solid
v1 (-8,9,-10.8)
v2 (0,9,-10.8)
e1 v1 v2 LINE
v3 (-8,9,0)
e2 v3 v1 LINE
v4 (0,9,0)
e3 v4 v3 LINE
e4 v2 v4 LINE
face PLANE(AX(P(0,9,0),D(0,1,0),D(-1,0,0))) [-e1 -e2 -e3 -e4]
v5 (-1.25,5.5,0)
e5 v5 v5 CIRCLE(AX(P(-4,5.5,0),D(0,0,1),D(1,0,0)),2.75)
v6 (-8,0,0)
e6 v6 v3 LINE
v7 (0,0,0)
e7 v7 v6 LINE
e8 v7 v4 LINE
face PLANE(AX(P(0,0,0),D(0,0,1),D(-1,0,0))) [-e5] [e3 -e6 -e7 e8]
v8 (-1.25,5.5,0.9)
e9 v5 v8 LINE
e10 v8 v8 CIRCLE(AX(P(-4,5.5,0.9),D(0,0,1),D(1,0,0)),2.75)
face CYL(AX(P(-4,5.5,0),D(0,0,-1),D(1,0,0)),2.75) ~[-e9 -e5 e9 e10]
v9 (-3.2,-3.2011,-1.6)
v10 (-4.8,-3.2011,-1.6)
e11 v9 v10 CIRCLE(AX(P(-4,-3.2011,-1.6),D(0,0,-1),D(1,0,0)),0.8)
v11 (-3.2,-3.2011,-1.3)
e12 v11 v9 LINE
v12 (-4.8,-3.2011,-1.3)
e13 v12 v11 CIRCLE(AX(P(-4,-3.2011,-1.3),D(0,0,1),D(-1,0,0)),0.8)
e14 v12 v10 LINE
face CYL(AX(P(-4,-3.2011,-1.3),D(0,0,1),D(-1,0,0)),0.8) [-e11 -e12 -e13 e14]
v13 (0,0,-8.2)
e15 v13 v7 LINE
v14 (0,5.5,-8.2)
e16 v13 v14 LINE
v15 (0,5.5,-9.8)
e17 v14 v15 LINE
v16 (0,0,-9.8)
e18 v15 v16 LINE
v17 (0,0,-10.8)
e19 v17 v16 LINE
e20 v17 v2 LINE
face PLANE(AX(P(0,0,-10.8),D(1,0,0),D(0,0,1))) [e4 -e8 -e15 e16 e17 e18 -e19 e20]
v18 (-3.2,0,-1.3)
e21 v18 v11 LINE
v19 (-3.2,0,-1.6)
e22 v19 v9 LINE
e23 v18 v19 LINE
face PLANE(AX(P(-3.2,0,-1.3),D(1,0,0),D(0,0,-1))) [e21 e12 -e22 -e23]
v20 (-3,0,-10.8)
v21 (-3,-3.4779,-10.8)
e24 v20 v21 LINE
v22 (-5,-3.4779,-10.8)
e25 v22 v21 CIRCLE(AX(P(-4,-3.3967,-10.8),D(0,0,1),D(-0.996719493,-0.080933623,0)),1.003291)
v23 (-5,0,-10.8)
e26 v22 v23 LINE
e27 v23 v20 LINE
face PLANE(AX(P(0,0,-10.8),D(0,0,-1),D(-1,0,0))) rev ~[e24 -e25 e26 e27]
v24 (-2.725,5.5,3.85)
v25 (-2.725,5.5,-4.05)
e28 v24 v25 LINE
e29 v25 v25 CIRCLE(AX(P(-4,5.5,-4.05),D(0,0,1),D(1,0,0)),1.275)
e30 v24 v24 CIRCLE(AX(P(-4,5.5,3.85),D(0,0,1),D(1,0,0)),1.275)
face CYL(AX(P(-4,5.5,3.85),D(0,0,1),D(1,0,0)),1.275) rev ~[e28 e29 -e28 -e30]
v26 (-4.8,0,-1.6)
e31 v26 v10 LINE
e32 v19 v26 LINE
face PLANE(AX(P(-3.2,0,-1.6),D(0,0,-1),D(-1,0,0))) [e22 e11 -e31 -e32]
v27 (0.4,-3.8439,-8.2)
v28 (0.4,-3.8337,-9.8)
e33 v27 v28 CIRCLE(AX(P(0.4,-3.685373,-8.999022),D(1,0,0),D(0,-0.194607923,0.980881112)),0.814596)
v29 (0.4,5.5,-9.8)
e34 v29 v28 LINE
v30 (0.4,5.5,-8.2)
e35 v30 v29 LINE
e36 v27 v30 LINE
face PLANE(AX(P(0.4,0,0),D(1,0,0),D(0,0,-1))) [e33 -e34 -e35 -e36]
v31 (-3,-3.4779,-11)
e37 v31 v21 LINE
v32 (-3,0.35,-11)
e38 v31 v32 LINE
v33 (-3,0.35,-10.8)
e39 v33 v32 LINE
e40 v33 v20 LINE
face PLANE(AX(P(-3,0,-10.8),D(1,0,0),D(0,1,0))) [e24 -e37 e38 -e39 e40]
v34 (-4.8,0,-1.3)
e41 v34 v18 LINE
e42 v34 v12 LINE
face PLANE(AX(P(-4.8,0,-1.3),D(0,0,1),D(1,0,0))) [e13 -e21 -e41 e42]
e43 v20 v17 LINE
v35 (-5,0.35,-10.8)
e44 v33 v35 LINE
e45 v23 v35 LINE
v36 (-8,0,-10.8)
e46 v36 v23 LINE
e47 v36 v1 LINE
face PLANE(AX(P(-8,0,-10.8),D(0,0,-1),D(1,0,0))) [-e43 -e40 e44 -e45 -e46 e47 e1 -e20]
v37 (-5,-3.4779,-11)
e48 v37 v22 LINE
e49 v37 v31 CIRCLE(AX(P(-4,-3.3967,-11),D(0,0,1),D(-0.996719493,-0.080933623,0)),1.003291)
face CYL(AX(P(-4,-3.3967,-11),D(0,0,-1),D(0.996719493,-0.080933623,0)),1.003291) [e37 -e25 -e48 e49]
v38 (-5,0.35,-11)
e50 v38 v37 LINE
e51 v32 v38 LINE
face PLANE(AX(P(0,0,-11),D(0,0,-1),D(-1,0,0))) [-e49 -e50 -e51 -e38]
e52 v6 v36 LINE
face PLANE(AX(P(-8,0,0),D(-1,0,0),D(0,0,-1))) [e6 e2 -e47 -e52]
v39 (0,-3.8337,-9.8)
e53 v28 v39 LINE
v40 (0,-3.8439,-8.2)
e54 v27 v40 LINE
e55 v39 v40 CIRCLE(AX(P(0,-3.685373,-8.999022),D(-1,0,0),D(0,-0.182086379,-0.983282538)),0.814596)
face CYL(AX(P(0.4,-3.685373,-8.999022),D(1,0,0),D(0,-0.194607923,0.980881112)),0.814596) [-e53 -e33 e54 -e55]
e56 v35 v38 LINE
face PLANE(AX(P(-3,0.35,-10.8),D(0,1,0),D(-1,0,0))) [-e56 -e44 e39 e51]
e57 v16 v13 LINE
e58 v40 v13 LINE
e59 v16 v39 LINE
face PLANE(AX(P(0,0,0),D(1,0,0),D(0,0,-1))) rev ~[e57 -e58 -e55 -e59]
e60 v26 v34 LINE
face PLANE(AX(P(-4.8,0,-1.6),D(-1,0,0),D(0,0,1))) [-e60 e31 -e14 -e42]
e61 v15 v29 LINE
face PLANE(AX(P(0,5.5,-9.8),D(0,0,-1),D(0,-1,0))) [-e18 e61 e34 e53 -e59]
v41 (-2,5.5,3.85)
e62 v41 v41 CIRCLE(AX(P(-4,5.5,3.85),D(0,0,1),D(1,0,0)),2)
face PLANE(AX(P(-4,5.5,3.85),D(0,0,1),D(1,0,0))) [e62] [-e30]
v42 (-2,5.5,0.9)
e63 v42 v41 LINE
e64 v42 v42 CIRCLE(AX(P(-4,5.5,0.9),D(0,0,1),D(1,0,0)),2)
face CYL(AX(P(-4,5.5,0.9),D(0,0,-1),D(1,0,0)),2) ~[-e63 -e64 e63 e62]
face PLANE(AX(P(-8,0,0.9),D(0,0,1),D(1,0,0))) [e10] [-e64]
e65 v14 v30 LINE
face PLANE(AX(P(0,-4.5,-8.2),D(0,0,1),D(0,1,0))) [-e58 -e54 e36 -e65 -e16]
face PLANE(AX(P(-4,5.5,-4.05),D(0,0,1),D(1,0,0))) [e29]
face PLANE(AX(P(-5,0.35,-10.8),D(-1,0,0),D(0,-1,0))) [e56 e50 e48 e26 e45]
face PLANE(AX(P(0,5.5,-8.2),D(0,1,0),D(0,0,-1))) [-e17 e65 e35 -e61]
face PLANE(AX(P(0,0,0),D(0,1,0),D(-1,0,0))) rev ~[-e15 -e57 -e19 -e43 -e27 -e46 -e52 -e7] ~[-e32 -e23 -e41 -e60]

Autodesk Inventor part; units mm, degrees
ref_plane "YZ Plane" through (0, 0, 0) normal (1, 0, 0) x (0, 1, 0)
ref_plane "XZ Plane" through (0, 0, 0) normal (0, 1, 0) x (-1, 0, 0)
ref_plane "XY Plane" through (0, 0, 0) normal (0, 0, 1) x (1, 0, 0)
sketch "Эскиз1" plane through (0, 0, 0) normal (0, 1, 0) x (-1, 0, 0)
  line L0 (0, 0) -> (8, 0)
  line L1 (8, 0) -> (8, -10.8)
  line L2 (8, -10.8) -> (0, -10.8)
  line L3 (0, -10.8) -> (0, 0)
  dimension "d0" = 10.8
  dimension "d1" = 8
extrude "Выдавливание1" add sketch "Эскиз1" along normal blind 9
sketch "Эскиз2" plane through (-8, 0, 0) normal (0, 0, 1) x (1, 0, 0)
  circle A0 centre (4, 5.5) radius 2.75
  line L0 (8, 0) -> (8, 9) projected
  line L1 (0, 0) -> (8, 0) projected
  dimension "d4" = 5.5
  dimension "d5" = 4
  dimension "d6" = 5.5
extrude "Выдавливание2" add sketch "Эскиз2" along normal blind 0.9
sketch "Эскиз3" plane through (-4, 5.5, 0.9) normal (0, 0, 1) x (1, 0, 0)
  circle A0 centre (0, 0) radius 2
  point P0 (4, -5.5)
  dimension "d9" = 4
extrude "Выдавливание3" add sketch "Эскиз3" along normal blind 2.95
sketch "Эскиз4" plane through (-4, 5.5, 3.85) normal (0, 0, 1) x (1, 0, 0)
  circle A0 centre (0, 0) radius 2.75 projected
  circle A1 centre (0, 0) radius 1.275
  point P0 (4, -5.5)
  dimension "d12" = 2.55
extrude "Выдавливание4" cut sketch "Эскиз4" against normal blind 7.9 contours A1
sketch "Эскиз5" plane through (-8, 0, 0) normal (0, 0, 1) x (1, 0, 0)
  point P0 (8, 0)
sketch "Эскиз6" plane through (0, 0, 0) normal (0, -1, 0) x (1, 0, 0)
  line L0 (-4.8, -1.3) -> (-3.2, -1.3)
  line L1 (-3.2, -1.3) -> (-3.2, -1.6)
  line L2 (-3.2, -1.6) -> (-4.8, -1.6)
  line L3 (-4.8, -1.6) -> (-4.8, -1.3)
  line L4 (0, 0) -> (0, -10.8) projected
  line L5 (-8, 0) -> (0, 0) projected
  line L6 (0, -10.8) -> (-8, -10.8) projected
  dimension "d15" = 1.6
  dimension "d16" = 0.3
  dimension "d17" = 3.2
  dimension "d39" = 9.2
extrude "Выдавливание5" add sketch "Эскиз6" along normal blind 4
sketch "Эскиз7" plane through (-4.8, 0, -1.3) normal (0, 0, 1) x (1, 0, 0)
  line L0 (0, 0) -> (0, -4) projected
  line L1 (1.6, 0) -> (1.6, -4) projected
  arc A0 (0, -3.2011) -> (1.6, -3.2011) centre (0.8, -3.2011) ccw
  line L2 (0, -3.2011) -> (0, -4)
  line L3 (1.6, -4) -> (0, -4) projected
  line L4 (1.6, -4) -> (1.6, -3.2011)
  point P0 (4.8, 0)
  point P1 (0.7588, -4)
  point P2 (0.8412, -4)
extrude "Выдавливание6" cut sketch "Эскиз7" against normal blind 4
sketch "Эскиз8" plane through (0, 0, 0) normal (1, 0, 0) x (0, 0, -1)
  line L0 (8.2, 5.5) -> (9.8, 5.5)
  line L1 (9.8, 5.5) -> (9.8, -4.5)
  line L2 (9.8, -4.5) -> (8.2, -4.5)
  line L3 (8.2, -4.5) -> (8.2, 5.5)
  line L4 (0, 9) -> (10.8, 9) projected
  line L5 (0, 0) -> (0, 9) projected
  dimension "d23" = 1.6
  dimension "d24" = 3.5
  dimension "d25" = 8.2
  dimension "d26" = 10
extrude "Выдавливание7" add sketch "Эскиз8" along normal blind 0.4
sketch "Эскиз9" plane through (0.4, 0, 0) normal (1, 0, 0) x (0, 0, -1)
  line L0 (8.2, 0) -> (8.2, -4.5) projected
  line L1 (9.8, -4.5) -> (9.8, 0) projected
  arc A0 (8.2, -3.8439) -> (9.8, -3.8337) centre (8.999, -3.6854) ccw
  line L2 (8.2, -3.8439) -> (8.2, -4.5)
  line L3 (8.2, -4.5) -> (9.8, -4.5) projected
  line L4 (9.8, -4.5) -> (9.8, -3.8337)
  point P0 (0, 0)
  point P1 (8.9981, -4.5)
extrude "Выдавливание8" cut sketch "Эскиз9" against normal blind 0.4
sketch "Эскиз10" plane through (0, 0, -10.8) normal (0, 0, -1) x (-1, 0, 0)
  line L0 (3, 0.35) -> (5, 0.35)
  line L1 (5, 0.35) -> (5, -4.4)
  line L2 (5, -4.4) -> (3, -4.4)
  line L3 (3, -4.4) -> (3, 0.35)
  line L4 (8, 0) -> (8, 9) projected
  line L5 (0, 0) -> (8, 0) projected
  dimension "d31" = 2
  dimension "d32" = 3
  dimension "d33" = 4.75
  dimension "d34" = 0.35
extrude "Выдавливание9" add sketch "Эскиз10" along normal blind 0.2
sketch "Эскиз11" plane through (0, 0, -11) normal (0, 0, -1) x (-1, 0, 0)
  line L0 (3, 0.35) -> (3, -4.4) projected
  line L1 (5, -4.4) -> (5, 0.35) projected
  arc A0 (3, -3.4779) -> (5, -3.4779) centre (4, -3.3967) ccw
  line L2 (3, -4.4) -> (5, -4.4) projected
  line L3 (3, -3.4779) -> (3, -4.4)
  line L4 (3, -4.4) -> (5, -4.4)
  line L5 (5, -4.4) -> (5, -3.4779)
  point P0 (0, 0)
  point P1 (4, -4.4)
extrude "Выдавливание10" cut sketch "Эскиз11" against normal blind 0.2
properties part number "PY-401N"
